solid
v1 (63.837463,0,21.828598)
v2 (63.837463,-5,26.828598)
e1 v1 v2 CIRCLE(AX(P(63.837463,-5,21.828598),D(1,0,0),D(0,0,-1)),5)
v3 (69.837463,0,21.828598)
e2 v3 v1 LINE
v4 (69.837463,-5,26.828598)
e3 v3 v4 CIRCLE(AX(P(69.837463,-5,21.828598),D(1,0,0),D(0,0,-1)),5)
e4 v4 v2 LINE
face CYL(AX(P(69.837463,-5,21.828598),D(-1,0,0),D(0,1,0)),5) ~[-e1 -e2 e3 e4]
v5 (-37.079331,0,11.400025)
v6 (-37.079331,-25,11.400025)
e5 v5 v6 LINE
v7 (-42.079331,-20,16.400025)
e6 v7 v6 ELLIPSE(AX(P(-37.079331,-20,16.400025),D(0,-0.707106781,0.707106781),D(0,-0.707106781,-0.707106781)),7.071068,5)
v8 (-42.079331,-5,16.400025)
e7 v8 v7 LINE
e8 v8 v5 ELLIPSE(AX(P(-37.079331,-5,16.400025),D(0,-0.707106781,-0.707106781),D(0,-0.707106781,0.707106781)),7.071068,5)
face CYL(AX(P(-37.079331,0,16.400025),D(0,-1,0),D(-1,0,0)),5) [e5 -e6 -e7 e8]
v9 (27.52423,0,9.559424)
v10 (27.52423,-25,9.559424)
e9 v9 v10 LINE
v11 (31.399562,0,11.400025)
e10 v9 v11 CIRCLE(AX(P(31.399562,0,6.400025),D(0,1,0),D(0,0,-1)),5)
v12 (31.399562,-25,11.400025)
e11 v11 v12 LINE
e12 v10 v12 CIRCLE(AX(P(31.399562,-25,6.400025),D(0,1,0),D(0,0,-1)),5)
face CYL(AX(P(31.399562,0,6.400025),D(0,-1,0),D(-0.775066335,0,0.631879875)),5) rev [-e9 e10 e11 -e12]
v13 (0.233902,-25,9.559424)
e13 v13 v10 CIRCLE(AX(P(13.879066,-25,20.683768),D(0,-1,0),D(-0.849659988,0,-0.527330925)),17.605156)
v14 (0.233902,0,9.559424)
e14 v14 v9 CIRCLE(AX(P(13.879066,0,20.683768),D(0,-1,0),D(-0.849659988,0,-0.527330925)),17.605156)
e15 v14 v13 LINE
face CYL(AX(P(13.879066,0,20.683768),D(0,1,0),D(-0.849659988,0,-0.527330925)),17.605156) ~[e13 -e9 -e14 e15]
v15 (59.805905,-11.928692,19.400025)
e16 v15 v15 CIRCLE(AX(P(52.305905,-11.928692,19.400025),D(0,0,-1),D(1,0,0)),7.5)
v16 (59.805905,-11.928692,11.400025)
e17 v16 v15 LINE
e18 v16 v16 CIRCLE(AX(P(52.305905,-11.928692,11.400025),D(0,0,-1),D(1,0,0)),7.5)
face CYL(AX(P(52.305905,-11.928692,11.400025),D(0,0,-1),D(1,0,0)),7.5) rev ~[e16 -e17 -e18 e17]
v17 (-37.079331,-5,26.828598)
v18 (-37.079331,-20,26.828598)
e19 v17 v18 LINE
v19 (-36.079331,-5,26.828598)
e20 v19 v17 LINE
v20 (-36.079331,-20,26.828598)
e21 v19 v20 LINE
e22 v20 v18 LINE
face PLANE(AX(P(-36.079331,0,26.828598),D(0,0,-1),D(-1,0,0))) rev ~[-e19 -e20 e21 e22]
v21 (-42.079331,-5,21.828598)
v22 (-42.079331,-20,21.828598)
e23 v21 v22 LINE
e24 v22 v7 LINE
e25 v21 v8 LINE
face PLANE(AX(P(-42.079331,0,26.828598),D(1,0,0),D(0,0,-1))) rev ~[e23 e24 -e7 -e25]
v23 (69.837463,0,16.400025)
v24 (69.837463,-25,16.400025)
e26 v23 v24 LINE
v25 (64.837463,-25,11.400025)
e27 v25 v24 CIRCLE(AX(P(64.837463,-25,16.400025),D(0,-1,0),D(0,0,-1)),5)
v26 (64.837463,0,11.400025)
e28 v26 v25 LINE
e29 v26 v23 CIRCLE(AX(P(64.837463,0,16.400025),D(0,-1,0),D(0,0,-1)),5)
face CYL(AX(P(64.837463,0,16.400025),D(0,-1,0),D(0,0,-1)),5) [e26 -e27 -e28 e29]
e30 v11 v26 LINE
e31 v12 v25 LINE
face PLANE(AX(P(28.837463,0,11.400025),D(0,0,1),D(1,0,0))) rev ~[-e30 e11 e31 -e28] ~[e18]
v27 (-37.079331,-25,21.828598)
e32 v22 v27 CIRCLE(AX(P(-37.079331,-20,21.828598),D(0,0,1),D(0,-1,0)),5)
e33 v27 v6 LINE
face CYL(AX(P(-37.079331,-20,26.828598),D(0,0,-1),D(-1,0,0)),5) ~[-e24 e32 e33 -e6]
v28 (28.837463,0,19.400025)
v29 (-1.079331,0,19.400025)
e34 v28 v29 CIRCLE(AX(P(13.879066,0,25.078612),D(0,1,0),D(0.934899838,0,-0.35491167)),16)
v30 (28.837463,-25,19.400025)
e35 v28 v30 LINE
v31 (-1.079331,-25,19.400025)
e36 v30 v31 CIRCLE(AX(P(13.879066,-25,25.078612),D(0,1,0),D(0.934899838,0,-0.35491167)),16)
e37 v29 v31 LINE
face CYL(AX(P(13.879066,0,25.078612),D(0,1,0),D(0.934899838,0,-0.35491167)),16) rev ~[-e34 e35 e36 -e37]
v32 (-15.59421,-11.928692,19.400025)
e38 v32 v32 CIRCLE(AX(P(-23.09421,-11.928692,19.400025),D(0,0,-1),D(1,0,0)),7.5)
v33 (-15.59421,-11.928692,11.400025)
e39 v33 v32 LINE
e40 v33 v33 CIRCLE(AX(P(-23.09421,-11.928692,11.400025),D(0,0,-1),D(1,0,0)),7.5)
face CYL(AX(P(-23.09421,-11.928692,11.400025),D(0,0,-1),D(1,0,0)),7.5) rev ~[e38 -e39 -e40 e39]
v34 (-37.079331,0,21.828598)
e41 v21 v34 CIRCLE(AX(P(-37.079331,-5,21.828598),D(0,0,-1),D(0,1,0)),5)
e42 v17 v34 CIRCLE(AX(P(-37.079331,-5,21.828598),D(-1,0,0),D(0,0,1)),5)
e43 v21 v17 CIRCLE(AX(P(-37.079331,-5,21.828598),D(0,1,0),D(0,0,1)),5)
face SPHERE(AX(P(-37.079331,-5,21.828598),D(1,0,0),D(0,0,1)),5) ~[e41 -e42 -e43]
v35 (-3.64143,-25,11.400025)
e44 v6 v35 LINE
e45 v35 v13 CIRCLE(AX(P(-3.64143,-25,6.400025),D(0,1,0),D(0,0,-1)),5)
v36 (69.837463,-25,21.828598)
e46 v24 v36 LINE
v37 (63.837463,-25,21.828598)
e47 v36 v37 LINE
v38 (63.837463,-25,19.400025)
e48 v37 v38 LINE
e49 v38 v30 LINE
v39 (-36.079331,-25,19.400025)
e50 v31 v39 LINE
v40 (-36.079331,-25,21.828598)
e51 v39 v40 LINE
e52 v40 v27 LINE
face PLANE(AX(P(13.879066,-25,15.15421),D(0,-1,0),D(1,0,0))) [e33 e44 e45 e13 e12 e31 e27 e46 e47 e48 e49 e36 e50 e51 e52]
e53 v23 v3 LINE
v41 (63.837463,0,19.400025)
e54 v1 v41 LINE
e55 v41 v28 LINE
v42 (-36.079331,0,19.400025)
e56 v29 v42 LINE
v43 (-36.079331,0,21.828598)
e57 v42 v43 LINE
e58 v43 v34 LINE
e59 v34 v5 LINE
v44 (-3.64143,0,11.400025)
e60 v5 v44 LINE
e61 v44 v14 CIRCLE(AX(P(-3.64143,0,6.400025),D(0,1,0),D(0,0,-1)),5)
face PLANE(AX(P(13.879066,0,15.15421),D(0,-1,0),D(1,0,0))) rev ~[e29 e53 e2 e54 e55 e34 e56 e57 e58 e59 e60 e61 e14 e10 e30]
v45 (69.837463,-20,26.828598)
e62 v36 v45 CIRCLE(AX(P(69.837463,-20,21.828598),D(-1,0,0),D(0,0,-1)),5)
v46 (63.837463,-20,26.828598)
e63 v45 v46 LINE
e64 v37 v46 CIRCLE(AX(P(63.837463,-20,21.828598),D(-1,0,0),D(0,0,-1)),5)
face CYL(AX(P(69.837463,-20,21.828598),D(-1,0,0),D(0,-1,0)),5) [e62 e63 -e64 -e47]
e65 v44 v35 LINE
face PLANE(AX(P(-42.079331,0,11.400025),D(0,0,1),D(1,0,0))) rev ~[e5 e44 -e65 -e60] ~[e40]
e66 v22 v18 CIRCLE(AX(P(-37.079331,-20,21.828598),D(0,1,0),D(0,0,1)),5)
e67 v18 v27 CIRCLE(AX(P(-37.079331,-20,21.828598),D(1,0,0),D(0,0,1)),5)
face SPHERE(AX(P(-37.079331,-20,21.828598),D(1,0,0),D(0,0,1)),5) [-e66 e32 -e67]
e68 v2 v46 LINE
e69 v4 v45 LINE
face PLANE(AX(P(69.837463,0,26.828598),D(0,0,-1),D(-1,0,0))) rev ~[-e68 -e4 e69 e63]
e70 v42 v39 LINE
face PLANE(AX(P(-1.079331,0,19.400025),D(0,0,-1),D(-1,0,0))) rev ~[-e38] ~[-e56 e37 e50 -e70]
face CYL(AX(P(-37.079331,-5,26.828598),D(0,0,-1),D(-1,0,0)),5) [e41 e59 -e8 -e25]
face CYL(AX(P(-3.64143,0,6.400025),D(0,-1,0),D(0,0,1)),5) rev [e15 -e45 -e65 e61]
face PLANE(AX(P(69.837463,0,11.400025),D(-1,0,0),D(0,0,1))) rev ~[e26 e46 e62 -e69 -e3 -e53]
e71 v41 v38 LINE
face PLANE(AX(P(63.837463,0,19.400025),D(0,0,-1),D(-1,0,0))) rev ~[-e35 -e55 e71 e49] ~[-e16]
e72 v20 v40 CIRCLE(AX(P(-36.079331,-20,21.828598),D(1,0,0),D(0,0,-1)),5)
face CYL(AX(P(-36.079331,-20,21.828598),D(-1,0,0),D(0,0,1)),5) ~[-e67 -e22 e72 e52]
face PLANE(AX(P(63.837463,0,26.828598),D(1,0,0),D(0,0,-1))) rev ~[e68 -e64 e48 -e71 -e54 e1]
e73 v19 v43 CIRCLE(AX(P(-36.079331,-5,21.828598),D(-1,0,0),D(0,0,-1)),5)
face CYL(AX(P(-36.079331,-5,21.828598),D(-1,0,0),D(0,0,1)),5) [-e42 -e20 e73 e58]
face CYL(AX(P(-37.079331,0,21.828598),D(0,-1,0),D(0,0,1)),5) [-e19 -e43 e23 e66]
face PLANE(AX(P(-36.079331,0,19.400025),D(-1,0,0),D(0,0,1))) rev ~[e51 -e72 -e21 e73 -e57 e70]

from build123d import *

# Parameters (mm, degrees)
F1_DEPTH = 25
F2_R     = 7.5
F3_DEPTH = 25
F4_R     = 5


with BuildPart() as f1:
    # F0 (on Front) → F1 (new body)
    with BuildSketch(Plane.XZ):
        with BuildLine():
            Line((-36.079331, 26.828598), (-42.079331, 26.828598))
            Line((-42.079331, 26.828598), (-42.079331, 11.400025))
            Line((-42.079331, 11.400025), (-36.079331, 11.400025))
            Line((-36.079331, 11.400025), (-1.079331, 11.400025))
            ThreePointArc((-1.079331, 11.400025), (13.879066, 3.078612), (28.837463, 11.400025))
            Line((28.837463, 11.400025), (69.837463, 11.400025))
            Line((69.837463, 11.400025), (69.837463, 26.828598))
            Line((69.837463, 26.828598), (63.837463, 26.828598))
            Line((63.837463, 26.828598), (63.837463, 19.400025))
            Line((63.837463, 19.400025), (28.837463, 19.400025))
            ThreePointArc((28.837463, 19.400025), (13.879066, 9.078612), (-1.079331, 19.400025))
            Line((-1.079331, 19.400025), (-36.079331, 19.400025))
            Line((-36.079331, 19.400025), (-36.079331, 26.828598))
        make_face()
    extrude(amount=F1_DEPTH)

    # F2 (on face) → F3 (cut)
    with BuildSketch(Plane(origin=(0, 0, 11.400025), x_dir=(1, 0, 0), z_dir=(0, 0, -1))):
        with Locations((-23.09421, 11.928692)):
            Circle(F2_R)
        with Locations((52.305905, 11.928692)):
            Circle(F2_R)
    extrude(amount=-F3_DEPTH, mode=Mode.SUBTRACT)

    # F4
    f4_edges = [f1.edges().sort_by_distance(p)[0] for p in [
        (-39.079331, -25, 26.828598),
        (-39.079331, 0, 26.828598),
        (-42.079331, -12.5, 11.400025),
        (69.837463, -12.5, 11.400025),
        (66.837463, -25, 26.828598),
        (66.837463, 0, 26.828598),
        (-1.079331, -12.5, 11.400025),
        (28.837463, -12.5, 11.400025),
        (-42.079331, -12.5, 26.828598),
        (-42.079331, 0, 19.114311),
        (-42.079331, -25, 19.114311),
    ]]
    fillet(f4_edges, radius=F4_R)


solid = f1.part
